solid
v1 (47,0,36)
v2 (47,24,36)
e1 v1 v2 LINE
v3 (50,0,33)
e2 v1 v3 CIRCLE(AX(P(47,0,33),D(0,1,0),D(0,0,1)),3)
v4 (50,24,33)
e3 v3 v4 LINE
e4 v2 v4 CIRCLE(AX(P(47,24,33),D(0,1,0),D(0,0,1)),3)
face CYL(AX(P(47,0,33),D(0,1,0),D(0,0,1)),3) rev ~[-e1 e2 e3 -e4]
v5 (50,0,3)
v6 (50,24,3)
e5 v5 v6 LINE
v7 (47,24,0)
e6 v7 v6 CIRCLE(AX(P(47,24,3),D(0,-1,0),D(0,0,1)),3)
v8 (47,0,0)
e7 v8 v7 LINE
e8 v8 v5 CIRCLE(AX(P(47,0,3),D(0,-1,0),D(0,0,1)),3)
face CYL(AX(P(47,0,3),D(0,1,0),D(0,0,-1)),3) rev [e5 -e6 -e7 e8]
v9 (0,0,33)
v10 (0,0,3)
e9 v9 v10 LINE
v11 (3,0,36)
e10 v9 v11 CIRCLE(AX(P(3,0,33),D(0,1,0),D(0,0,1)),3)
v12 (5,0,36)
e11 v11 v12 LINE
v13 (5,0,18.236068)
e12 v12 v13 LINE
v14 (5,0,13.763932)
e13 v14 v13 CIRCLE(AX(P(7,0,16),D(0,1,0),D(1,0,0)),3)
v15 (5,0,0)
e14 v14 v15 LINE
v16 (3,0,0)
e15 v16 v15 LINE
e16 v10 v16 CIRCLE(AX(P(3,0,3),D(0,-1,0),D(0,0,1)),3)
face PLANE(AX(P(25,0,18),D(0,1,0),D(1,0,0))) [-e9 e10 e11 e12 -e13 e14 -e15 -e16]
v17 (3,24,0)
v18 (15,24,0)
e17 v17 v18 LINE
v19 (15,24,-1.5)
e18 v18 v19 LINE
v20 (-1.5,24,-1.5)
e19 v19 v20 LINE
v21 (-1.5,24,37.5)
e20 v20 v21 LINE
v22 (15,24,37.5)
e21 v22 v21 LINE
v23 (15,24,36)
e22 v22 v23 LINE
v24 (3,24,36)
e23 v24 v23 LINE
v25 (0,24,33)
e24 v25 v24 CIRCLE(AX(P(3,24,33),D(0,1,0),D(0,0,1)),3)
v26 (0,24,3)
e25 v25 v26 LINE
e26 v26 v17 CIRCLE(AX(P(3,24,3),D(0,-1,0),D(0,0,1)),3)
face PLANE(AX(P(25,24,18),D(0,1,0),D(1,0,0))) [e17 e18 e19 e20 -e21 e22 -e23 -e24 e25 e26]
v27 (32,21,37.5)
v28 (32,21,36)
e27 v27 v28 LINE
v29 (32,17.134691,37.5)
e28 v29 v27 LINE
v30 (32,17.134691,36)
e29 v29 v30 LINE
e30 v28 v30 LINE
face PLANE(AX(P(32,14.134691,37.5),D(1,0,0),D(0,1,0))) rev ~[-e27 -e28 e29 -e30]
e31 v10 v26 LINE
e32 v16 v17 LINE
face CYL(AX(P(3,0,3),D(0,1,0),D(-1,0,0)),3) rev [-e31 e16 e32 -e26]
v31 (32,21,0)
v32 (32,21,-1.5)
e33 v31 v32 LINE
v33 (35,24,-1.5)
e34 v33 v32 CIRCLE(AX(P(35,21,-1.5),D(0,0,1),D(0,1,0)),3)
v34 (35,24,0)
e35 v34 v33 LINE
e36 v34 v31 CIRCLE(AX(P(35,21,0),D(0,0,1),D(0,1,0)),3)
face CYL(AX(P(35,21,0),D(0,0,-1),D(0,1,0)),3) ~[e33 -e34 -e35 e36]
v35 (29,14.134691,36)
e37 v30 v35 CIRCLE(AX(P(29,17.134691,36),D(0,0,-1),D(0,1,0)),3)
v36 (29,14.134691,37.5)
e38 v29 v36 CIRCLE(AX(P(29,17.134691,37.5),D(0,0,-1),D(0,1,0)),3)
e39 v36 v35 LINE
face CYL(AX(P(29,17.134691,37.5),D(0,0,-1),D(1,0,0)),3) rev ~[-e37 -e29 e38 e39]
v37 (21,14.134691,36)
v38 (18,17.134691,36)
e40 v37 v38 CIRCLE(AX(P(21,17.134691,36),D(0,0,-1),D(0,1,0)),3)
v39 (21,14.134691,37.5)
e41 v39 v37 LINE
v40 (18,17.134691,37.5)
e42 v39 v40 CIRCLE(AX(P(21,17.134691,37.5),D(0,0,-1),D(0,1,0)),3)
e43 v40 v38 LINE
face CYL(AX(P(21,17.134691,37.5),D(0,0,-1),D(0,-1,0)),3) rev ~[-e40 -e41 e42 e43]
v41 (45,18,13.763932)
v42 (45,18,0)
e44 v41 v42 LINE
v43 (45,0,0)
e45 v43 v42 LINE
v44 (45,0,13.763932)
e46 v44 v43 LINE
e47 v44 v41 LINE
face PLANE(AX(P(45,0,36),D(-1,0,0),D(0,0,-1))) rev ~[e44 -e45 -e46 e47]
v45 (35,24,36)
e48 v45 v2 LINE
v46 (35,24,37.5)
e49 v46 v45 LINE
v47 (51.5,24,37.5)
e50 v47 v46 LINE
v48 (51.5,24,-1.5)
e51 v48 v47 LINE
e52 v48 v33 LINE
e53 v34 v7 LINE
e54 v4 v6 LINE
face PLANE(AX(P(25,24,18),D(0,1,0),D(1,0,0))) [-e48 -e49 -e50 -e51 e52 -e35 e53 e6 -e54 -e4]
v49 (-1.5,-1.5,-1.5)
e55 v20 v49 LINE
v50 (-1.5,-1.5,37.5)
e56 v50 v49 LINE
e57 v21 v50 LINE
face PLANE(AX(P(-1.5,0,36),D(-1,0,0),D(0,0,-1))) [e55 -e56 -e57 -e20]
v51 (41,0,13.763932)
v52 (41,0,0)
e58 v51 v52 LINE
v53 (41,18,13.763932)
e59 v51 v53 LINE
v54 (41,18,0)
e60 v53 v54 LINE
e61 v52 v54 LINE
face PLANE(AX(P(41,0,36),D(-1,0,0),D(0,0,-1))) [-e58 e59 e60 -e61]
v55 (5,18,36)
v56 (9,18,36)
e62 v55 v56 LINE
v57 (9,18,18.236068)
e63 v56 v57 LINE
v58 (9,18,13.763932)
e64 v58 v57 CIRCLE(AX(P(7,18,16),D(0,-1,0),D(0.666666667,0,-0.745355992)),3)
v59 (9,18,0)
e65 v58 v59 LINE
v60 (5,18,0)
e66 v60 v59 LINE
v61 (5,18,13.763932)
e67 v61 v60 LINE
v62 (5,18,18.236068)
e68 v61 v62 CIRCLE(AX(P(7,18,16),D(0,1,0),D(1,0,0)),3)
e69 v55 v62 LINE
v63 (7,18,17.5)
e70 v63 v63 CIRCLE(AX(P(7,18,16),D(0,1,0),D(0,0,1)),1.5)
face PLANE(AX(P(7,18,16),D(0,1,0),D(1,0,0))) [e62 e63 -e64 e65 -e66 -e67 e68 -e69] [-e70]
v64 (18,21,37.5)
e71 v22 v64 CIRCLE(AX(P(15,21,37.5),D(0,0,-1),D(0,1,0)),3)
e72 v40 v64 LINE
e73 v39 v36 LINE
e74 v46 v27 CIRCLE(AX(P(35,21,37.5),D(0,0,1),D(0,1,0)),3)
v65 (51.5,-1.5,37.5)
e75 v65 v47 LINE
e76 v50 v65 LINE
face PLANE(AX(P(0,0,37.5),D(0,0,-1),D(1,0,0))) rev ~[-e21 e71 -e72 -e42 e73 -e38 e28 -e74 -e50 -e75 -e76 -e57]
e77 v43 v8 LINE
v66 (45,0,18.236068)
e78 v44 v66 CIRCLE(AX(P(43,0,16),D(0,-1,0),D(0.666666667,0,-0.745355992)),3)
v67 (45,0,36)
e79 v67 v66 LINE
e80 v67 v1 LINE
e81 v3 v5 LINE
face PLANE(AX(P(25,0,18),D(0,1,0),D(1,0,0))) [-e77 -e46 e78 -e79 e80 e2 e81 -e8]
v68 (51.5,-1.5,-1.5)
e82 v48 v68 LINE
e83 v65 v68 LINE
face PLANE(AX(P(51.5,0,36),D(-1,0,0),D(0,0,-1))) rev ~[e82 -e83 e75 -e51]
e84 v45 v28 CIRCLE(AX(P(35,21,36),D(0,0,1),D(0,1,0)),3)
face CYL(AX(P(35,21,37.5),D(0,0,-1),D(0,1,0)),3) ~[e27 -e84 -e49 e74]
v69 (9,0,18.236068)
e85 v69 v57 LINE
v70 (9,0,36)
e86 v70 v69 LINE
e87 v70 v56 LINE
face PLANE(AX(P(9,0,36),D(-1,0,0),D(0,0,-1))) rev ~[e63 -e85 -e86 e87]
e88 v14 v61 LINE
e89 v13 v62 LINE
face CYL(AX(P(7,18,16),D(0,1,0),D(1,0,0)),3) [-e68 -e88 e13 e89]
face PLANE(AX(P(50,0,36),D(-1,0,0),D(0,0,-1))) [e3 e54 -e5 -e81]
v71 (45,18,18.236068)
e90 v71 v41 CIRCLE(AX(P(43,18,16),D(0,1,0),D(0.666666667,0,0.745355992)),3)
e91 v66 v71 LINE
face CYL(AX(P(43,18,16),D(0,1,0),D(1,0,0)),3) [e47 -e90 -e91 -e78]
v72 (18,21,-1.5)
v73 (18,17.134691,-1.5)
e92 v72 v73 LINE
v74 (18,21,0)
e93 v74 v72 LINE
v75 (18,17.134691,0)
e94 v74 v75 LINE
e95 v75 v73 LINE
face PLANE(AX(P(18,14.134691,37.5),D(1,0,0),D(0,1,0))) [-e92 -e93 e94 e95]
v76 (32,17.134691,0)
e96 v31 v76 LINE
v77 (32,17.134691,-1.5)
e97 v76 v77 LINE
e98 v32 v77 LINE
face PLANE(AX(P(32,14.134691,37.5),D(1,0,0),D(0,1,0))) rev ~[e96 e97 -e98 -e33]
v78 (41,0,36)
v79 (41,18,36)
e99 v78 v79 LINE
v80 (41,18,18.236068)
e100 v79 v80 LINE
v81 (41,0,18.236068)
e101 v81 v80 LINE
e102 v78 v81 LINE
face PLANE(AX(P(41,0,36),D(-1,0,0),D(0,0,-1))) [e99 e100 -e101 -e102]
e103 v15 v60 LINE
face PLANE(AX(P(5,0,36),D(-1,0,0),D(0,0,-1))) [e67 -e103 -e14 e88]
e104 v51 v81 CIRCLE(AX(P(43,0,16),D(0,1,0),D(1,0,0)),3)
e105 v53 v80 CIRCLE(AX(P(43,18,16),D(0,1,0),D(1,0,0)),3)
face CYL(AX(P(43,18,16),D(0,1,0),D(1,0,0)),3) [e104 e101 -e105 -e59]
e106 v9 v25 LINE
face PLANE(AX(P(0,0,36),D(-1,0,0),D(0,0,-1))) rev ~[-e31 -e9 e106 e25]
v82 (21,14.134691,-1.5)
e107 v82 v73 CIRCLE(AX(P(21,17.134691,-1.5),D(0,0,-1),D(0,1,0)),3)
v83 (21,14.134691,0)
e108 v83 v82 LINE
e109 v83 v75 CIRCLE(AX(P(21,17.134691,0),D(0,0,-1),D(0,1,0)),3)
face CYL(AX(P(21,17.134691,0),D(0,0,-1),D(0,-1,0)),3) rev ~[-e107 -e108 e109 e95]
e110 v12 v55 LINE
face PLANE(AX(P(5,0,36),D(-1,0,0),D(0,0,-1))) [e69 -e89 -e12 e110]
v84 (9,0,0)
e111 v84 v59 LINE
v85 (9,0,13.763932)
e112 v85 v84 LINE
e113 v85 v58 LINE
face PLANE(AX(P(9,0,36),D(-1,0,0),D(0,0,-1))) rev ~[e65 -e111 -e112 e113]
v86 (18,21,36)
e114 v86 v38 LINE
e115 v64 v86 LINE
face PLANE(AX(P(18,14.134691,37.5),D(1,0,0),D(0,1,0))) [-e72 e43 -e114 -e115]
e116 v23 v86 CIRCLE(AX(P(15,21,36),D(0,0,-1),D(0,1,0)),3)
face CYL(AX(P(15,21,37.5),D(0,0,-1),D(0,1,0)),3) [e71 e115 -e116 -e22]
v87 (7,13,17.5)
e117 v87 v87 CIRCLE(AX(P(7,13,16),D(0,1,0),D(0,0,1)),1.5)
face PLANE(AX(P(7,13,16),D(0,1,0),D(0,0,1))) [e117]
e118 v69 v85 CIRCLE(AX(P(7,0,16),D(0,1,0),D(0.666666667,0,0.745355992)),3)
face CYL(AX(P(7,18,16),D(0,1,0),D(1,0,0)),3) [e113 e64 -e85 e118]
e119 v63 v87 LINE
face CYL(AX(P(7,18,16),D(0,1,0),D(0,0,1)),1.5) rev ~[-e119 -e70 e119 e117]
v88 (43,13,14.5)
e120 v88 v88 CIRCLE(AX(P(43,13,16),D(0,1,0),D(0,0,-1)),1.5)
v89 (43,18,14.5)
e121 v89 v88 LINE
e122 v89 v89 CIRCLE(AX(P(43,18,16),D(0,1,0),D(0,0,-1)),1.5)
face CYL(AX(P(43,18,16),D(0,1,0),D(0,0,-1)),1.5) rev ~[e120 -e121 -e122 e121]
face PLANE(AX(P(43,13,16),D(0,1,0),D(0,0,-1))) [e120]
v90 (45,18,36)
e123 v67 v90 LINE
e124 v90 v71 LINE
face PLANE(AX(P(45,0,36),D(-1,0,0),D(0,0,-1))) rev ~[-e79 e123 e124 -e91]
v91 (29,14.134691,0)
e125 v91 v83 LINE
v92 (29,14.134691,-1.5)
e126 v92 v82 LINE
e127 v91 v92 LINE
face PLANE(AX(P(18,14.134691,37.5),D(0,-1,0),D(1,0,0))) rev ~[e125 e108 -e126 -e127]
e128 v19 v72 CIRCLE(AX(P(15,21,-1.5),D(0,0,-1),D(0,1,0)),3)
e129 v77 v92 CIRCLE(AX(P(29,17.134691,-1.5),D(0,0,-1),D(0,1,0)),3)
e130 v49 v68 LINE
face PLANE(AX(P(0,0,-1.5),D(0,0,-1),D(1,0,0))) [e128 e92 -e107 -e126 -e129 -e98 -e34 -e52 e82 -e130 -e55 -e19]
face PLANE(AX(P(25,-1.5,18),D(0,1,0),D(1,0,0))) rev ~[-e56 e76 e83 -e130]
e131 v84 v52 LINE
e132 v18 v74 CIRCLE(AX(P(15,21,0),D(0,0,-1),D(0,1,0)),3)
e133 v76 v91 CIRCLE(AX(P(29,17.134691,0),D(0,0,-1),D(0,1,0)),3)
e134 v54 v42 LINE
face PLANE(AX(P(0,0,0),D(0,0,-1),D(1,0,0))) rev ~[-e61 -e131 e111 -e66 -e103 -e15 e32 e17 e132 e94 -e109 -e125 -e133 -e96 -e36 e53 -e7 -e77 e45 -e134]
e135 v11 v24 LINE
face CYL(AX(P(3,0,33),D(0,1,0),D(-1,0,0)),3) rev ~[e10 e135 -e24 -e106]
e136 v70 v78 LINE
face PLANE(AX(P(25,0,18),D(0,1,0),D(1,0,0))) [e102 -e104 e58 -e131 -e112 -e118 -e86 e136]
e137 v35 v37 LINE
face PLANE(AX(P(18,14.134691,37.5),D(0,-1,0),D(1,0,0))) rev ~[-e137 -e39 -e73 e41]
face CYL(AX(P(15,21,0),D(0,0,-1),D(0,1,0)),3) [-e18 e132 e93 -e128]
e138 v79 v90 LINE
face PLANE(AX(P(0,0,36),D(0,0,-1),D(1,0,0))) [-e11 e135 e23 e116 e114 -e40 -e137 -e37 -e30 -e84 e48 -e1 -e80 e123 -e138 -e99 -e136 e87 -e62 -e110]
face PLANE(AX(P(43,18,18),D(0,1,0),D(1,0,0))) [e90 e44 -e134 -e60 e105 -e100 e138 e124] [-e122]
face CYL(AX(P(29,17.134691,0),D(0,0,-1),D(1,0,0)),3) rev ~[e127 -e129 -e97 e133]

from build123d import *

# Parameters (mm, degrees)
SKETCH1_W           = 50
SKETCH1_H           = 36
BOSS_EXTRUDE1_DEPTH = 24
SHELL1_T            = 1.5
SKETCH2_W           = 4
SKETCH2_H           = 36
BOSS_EXTRUDE2_DEPTH = 18
SKETCH6_W           = 14
SKETCH6_H           = 14
CUT_EXTRUDE2_DEPTH  = 58
FILLET1_R           = 3
SKETCH4_R           = 3
BOSS_EXTRUDE3_DEPTH = 18
SKETCH7_R           = 1.5
CUT_EXTRUDE3_DEPTH  = 5


with BuildPart() as part:
    # Sketch1 → Boss-Extrude1 (new body)
    with BuildSketch(Plane(origin=(0, 0, 0), x_dir=(1, 0, 0), z_dir=(0, 1, 0))):
        with Locations((25, -18)):
            Rectangle(SKETCH1_W, SKETCH1_H)
    extrude(amount=BOSS_EXTRUDE1_DEPTH)

    # Shell1
    shell1_openings = [part.faces().sort_by_distance(p)[0] for p in [
        (25, 24, 18),
    ]]
    offset(amount=SHELL1_T, openings=shell1_openings, kind=Kind.INTERSECTION)

    # Sketch2 → Boss-Extrude2 (add)
    with BuildSketch(Plane(origin=(0, 0, 0), x_dir=(1, 0, 0), z_dir=(0, 1, 0))):
        with Locations((7, -18)):
            Rectangle(SKETCH2_W, SKETCH2_H)
        with Locations((43, -18)):
            Rectangle(SKETCH2_W, SKETCH2_H)
    extrude(amount=BOSS_EXTRUDE2_DEPTH)

    # Sketch6 → Cut-Extrude2 (cut)
    with BuildSketch(Plane.XY.offset(37.5)):
        with Locations((25, 21.134691447)):
            Rectangle(SKETCH6_W, SKETCH6_H)
    extrude(amount=-CUT_EXTRUDE2_DEPTH, mode=Mode.SUBTRACT)

    # Fillet1
    fillet1_edges = [part.edges().sort_by_distance(p)[0] for p in [
        (0, 12, 0),
        (0, 12, 36),
        (50, 12, 36),
        (50, 12, 0),
        (32, 24, -0.75),
        (32, 24, 36.75),
        (18, 24, 36.75),
        (18, 24, -0.75),
        (32, 14.134691447, 36.75),
        (32, 14.134691447, -0.75),
        (18, 14.134691447, -0.75),
        (18, 14.134691447, 36.75),
    ]]
    fillet(fillet1_edges, radius=FILLET1_R)

    # Sketch4 → Boss-Extrude3 (add)
    with BuildSketch(Plane(origin=(0, 18, 0), x_dir=(1, 0, 0), z_dir=(0, 1, 0))):
        with Locations((7, -16)):
            Circle(SKETCH4_R)
        with Locations((43, -16)):
            Circle(SKETCH4_R)
    extrude(amount=-BOSS_EXTRUDE3_DEPTH)

    # Sketch7 → Cut-Extrude3 (cut)
    with BuildSketch(Plane(origin=(0, 18, 0), x_dir=(1, 0, 0), z_dir=(0, 1, 0))):
        with Locations(Location((7, -16, 0), (0, 0, 270))):
            Circle(SKETCH7_R)
        with Locations(Location((43, -16, 0), (0, 0, 90))):
            Circle(SKETCH7_R)
    extrude(amount=-CUT_EXTRUDE3_DEPTH, mode=Mode.SUBTRACT)


solid = part.part
